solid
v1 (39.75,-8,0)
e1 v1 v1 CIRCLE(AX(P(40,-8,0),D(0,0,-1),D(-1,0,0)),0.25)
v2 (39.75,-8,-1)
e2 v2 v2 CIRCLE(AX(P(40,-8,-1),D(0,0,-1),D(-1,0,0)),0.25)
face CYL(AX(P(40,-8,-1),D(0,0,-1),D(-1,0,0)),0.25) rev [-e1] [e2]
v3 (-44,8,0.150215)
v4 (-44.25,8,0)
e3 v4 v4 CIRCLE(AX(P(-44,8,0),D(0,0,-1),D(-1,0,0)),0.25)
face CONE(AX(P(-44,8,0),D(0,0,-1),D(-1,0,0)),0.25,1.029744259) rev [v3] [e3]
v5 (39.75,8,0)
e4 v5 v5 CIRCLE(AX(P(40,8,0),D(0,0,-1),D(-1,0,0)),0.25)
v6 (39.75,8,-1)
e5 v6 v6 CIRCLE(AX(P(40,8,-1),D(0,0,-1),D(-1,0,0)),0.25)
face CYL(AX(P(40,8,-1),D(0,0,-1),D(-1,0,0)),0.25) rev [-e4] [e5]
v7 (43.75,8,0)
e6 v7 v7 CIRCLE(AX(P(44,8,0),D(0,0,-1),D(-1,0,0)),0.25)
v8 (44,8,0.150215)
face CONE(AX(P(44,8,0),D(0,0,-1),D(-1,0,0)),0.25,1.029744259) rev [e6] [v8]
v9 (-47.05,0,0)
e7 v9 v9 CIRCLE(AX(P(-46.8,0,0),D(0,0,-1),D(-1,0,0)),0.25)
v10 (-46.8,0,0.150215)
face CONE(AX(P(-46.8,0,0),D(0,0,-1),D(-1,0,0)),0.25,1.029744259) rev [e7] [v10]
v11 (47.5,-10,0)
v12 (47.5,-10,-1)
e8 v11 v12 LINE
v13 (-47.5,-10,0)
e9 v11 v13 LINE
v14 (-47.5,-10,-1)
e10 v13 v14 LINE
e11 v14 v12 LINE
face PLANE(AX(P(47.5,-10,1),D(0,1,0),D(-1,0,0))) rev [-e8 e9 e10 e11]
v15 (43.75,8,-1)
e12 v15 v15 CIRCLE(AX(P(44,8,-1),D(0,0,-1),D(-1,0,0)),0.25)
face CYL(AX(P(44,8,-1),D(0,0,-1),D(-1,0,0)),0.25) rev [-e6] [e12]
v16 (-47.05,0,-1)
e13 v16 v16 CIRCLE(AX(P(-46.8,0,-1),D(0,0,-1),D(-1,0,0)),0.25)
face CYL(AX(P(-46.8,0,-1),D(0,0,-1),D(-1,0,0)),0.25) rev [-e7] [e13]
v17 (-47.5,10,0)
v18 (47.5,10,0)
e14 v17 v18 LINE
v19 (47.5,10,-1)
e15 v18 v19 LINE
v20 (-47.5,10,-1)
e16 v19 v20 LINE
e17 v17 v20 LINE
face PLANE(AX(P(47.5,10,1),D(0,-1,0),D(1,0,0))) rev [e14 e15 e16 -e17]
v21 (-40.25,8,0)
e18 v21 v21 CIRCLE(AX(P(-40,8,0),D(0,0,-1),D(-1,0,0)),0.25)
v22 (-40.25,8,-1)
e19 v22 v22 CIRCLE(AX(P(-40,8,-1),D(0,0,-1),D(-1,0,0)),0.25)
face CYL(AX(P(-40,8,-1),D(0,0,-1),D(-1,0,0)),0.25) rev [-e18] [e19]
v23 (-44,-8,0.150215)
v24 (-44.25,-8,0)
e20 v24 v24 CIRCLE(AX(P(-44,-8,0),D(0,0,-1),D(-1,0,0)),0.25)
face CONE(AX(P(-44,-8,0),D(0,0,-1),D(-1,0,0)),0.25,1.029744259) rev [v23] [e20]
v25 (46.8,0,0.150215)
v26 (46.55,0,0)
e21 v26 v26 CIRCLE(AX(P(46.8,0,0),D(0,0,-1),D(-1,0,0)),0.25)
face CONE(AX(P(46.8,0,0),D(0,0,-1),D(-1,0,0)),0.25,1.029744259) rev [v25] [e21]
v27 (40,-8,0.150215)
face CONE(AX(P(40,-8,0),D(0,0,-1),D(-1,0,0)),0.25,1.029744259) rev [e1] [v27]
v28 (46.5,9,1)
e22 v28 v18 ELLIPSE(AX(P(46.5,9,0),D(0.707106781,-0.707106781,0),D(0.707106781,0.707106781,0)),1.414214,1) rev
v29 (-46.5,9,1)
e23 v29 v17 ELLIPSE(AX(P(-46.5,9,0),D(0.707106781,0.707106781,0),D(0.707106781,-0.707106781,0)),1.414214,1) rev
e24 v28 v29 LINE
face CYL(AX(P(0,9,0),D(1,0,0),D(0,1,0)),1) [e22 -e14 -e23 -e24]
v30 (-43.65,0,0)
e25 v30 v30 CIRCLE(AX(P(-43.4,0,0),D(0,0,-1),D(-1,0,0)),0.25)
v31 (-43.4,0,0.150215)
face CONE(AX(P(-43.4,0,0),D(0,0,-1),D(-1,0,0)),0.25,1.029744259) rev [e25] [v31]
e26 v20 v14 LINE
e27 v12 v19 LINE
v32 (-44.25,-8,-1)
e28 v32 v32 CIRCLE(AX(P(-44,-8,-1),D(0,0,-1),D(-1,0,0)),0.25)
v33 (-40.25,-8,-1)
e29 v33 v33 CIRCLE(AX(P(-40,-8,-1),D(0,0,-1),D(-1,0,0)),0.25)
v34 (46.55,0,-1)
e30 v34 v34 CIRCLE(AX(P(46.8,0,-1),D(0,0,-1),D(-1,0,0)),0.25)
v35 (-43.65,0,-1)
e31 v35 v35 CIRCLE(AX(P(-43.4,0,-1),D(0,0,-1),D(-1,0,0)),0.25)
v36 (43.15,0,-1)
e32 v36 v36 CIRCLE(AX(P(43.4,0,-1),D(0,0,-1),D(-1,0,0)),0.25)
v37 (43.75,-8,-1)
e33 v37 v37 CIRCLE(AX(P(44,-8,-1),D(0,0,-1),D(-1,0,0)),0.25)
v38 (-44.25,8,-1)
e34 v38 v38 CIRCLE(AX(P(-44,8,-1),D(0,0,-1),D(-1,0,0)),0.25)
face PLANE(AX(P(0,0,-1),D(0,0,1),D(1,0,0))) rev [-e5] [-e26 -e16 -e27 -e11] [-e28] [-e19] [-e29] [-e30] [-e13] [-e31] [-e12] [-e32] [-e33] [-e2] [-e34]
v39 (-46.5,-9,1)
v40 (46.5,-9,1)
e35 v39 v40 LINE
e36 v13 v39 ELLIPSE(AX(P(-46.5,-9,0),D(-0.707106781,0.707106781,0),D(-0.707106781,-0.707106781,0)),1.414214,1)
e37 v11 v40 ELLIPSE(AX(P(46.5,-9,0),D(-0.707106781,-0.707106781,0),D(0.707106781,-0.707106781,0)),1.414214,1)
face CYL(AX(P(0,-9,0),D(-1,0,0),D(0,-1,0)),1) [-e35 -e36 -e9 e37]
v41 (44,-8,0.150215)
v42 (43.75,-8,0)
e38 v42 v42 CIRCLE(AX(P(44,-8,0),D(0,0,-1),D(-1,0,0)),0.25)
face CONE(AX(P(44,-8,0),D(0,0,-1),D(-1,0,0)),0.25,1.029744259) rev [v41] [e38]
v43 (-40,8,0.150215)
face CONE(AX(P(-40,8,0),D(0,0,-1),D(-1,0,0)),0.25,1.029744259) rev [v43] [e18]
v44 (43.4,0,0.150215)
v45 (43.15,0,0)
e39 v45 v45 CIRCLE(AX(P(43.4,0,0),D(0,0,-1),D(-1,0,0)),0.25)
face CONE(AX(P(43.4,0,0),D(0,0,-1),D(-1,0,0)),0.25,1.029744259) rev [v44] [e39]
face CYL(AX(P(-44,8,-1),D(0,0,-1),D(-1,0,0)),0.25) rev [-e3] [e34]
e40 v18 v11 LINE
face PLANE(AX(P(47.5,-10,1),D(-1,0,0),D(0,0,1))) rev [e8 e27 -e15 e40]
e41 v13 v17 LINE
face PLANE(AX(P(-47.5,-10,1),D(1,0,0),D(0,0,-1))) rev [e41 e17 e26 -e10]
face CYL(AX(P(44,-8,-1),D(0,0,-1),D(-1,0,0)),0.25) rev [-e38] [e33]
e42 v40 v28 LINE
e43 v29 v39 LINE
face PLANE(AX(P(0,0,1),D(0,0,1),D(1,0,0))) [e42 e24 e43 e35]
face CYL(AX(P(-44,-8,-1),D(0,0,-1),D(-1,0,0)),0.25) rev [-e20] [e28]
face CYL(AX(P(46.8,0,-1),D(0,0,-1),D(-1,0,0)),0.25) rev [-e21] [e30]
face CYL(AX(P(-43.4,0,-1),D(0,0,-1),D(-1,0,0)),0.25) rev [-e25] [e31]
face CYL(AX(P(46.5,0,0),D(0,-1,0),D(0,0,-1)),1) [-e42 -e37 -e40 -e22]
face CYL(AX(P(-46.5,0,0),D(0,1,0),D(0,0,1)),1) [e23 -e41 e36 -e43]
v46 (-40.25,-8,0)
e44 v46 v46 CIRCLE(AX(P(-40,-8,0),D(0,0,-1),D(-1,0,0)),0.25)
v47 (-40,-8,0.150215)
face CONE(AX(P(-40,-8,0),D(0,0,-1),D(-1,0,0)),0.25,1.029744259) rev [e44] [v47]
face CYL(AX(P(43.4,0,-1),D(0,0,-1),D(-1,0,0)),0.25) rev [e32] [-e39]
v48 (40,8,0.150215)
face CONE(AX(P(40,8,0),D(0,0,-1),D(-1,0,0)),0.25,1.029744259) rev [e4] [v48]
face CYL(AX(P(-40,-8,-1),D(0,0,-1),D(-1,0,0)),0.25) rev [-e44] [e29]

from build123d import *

# Parameters (mm, degrees)
SKETCH1_W                      = 95
SKETCH1_H                      = 20
BOSS_EXTRUDE1_DEPTH            = 1
FILLET1_R                      = 1
F_1_0MM_DOWEL_HOLE1_AT_2_COUNT = 2
F_1_0MM_DOWEL_HOLE1_AT_2_PITCH = 4
F_1_0MM_DOWEL_HOLE1_AT_3_COUNT = 2
F_1_0MM_DOWEL_HOLE1_AT_3_PITCH = 84
F_1_0MM_DOWEL_HOLE1_AT_4_COUNT = 2
F_1_0MM_DOWEL_HOLE1_AT_4_PITCH = 88
F_1_0MM_DOWEL_HOLE2_AT_2_COUNT = 2
F_1_0MM_DOWEL_HOLE2_AT_2_PITCH = 3.4


with BuildPart() as part:
    # Sketch1 → Boss-Extrude1 (new, symmetric)
    with BuildSketch(Plane.XY):
        Rectangle(SKETCH1_W, SKETCH1_H)
    extrude(amount=BOSS_EXTRUDE1_DEPTH, both=True)

    # Fillet1
    fillet1_edges = [part.edges().sort_by_distance(p)[0] for p in [
        (47.5, 0, 1),
        (0, 10, 1),
        (-47.5, 0, 1),
        (0, -10, 1),
    ]]
    fillet(fillet1_edges, radius=FILLET1_R)

    # Sketch3 → Ø1.0mm Dowel Hole1 (revolve, cut)
    with BuildSketch(Plane(origin=(44, -8, -1), x_dir=(0, 1, 0), z_dir=(1, 0, 0))):
        Polygon((0, 0), (0, 1.150215155), (0.25, 1), (0.25, 0), align=None)
    f_1_0mm_dowel_hole1 = revolve(axis=Axis((44, -8, -7.35), (0, 0, 1)), mode=Mode.SUBTRACT)

    # Ø1.0mm Dowel Hole1 at 2: Ø1.0mm Dowel Hole1 ×2
    with Locations(*[(-i * F_1_0MM_DOWEL_HOLE1_AT_2_PITCH, 0, 0) for i in range(1, F_1_0MM_DOWEL_HOLE1_AT_2_COUNT)]):
        add(f_1_0mm_dowel_hole1, mode=Mode.SUBTRACT)

    # Ø1.0mm Dowel Hole1 at 3: Ø1.0mm Dowel Hole1 ×2
    with Locations(*[(-i * F_1_0MM_DOWEL_HOLE1_AT_3_PITCH, 0, 0) for i in range(1, F_1_0MM_DOWEL_HOLE1_AT_3_COUNT)]):
        add(f_1_0mm_dowel_hole1, mode=Mode.SUBTRACT)

    # Ø1.0mm Dowel Hole1 at 4: Ø1.0mm Dowel Hole1 ×2
    with Locations(*[(-i * F_1_0MM_DOWEL_HOLE1_AT_4_PITCH, 0, 0) for i in range(1, F_1_0MM_DOWEL_HOLE1_AT_4_COUNT)]):
        add(f_1_0mm_dowel_hole1, mode=Mode.SUBTRACT)

    # Mirror1: Ø1.0mm Dowel Hole1 across plane
    add(f_1_0mm_dowel_hole1.mirror(Plane.ZX), mode=Mode.SUBTRACT)

    # Mirror1 copy 1 sketch → Mirror1 copy 1 (revolve, cut)
    with BuildSketch(Plane(origin=(40, 8, -1), x_dir=(0, -1, 0), z_dir=(1, 0, 0))):
        Polygon((0, 0), (0, -1.150215155), (0.25, -1), (0.25, 0), align=None)
    revolve(axis=Axis((40, 8, -7.35), (0, 0, -1)), mode=Mode.SUBTRACT)

    # Mirror1 copy 2 sketch → Mirror1 copy 2 (revolve, cut)
    with BuildSketch(Plane(origin=(-40, 8, -1), x_dir=(0, -1, 0), z_dir=(1, 0, 0))):
        Polygon((0, 0), (0, -1.150215155), (0.25, -1), (0.25, 0), align=None)
    revolve(axis=Axis((-40, 8, -7.35), (0, 0, -1)), mode=Mode.SUBTRACT)

    # Mirror1 copy 3 sketch → Mirror1 copy 3 (revolve, cut)
    with BuildSketch(Plane(origin=(-44, 8, -1), x_dir=(0, -1, 0), z_dir=(1, 0, 0))):
        Polygon((0, 0), (0, -1.150215155), (0.25, -1), (0.25, 0), align=None)
    revolve(axis=Axis((-44, 8, -7.35), (0, 0, -1)), mode=Mode.SUBTRACT)

    # Sketch5 → Ø1.0mm Dowel Hole2 (revolve, cut)
    with BuildSketch(Plane(origin=(46.8, 0, -1), x_dir=(0, 1, 0), z_dir=(1, 0, 0))):
        Polygon((0, 0), (0, 1.150215155), (0.25, 1), (0.25, 0), align=None)
    f_1_0mm_dowel_hole2 = revolve(axis=Axis((46.8, 0, -7.35), (0, 0, 1)), mode=Mode.SUBTRACT)

    # Ø1.0mm Dowel Hole2 at 2: Ø1.0mm Dowel Hole2 ×2
    with Locations(*[(-i * F_1_0MM_DOWEL_HOLE2_AT_2_PITCH, 0, 0) for i in range(1, F_1_0MM_DOWEL_HOLE2_AT_2_COUNT)]):
        add(f_1_0mm_dowel_hole2, mode=Mode.SUBTRACT)

    # Mirror2: Ø1.0mm Dowel Hole2 across plane
    add(f_1_0mm_dowel_hole2.mirror(Plane(origin=(0, 0, 0), x_dir=(0, 0, 1), z_dir=(1, 0, 0))), mode=Mode.SUBTRACT)

    # Mirror2 copy 1 sketch → Mirror2 copy 1 (revolve, cut)
    with BuildSketch(Plane(origin=(-43.4, 0, -1), x_dir=(0, 1, 0), z_dir=(-1, 0, 0))):
        Polygon((0, 0), (0, -1.150215155), (0.25, -1), (0.25, 0), align=None)
    revolve(axis=Axis((-43.4, 0, -7.35), (0, 0, -1)), mode=Mode.SUBTRACT)


solid = part.part
